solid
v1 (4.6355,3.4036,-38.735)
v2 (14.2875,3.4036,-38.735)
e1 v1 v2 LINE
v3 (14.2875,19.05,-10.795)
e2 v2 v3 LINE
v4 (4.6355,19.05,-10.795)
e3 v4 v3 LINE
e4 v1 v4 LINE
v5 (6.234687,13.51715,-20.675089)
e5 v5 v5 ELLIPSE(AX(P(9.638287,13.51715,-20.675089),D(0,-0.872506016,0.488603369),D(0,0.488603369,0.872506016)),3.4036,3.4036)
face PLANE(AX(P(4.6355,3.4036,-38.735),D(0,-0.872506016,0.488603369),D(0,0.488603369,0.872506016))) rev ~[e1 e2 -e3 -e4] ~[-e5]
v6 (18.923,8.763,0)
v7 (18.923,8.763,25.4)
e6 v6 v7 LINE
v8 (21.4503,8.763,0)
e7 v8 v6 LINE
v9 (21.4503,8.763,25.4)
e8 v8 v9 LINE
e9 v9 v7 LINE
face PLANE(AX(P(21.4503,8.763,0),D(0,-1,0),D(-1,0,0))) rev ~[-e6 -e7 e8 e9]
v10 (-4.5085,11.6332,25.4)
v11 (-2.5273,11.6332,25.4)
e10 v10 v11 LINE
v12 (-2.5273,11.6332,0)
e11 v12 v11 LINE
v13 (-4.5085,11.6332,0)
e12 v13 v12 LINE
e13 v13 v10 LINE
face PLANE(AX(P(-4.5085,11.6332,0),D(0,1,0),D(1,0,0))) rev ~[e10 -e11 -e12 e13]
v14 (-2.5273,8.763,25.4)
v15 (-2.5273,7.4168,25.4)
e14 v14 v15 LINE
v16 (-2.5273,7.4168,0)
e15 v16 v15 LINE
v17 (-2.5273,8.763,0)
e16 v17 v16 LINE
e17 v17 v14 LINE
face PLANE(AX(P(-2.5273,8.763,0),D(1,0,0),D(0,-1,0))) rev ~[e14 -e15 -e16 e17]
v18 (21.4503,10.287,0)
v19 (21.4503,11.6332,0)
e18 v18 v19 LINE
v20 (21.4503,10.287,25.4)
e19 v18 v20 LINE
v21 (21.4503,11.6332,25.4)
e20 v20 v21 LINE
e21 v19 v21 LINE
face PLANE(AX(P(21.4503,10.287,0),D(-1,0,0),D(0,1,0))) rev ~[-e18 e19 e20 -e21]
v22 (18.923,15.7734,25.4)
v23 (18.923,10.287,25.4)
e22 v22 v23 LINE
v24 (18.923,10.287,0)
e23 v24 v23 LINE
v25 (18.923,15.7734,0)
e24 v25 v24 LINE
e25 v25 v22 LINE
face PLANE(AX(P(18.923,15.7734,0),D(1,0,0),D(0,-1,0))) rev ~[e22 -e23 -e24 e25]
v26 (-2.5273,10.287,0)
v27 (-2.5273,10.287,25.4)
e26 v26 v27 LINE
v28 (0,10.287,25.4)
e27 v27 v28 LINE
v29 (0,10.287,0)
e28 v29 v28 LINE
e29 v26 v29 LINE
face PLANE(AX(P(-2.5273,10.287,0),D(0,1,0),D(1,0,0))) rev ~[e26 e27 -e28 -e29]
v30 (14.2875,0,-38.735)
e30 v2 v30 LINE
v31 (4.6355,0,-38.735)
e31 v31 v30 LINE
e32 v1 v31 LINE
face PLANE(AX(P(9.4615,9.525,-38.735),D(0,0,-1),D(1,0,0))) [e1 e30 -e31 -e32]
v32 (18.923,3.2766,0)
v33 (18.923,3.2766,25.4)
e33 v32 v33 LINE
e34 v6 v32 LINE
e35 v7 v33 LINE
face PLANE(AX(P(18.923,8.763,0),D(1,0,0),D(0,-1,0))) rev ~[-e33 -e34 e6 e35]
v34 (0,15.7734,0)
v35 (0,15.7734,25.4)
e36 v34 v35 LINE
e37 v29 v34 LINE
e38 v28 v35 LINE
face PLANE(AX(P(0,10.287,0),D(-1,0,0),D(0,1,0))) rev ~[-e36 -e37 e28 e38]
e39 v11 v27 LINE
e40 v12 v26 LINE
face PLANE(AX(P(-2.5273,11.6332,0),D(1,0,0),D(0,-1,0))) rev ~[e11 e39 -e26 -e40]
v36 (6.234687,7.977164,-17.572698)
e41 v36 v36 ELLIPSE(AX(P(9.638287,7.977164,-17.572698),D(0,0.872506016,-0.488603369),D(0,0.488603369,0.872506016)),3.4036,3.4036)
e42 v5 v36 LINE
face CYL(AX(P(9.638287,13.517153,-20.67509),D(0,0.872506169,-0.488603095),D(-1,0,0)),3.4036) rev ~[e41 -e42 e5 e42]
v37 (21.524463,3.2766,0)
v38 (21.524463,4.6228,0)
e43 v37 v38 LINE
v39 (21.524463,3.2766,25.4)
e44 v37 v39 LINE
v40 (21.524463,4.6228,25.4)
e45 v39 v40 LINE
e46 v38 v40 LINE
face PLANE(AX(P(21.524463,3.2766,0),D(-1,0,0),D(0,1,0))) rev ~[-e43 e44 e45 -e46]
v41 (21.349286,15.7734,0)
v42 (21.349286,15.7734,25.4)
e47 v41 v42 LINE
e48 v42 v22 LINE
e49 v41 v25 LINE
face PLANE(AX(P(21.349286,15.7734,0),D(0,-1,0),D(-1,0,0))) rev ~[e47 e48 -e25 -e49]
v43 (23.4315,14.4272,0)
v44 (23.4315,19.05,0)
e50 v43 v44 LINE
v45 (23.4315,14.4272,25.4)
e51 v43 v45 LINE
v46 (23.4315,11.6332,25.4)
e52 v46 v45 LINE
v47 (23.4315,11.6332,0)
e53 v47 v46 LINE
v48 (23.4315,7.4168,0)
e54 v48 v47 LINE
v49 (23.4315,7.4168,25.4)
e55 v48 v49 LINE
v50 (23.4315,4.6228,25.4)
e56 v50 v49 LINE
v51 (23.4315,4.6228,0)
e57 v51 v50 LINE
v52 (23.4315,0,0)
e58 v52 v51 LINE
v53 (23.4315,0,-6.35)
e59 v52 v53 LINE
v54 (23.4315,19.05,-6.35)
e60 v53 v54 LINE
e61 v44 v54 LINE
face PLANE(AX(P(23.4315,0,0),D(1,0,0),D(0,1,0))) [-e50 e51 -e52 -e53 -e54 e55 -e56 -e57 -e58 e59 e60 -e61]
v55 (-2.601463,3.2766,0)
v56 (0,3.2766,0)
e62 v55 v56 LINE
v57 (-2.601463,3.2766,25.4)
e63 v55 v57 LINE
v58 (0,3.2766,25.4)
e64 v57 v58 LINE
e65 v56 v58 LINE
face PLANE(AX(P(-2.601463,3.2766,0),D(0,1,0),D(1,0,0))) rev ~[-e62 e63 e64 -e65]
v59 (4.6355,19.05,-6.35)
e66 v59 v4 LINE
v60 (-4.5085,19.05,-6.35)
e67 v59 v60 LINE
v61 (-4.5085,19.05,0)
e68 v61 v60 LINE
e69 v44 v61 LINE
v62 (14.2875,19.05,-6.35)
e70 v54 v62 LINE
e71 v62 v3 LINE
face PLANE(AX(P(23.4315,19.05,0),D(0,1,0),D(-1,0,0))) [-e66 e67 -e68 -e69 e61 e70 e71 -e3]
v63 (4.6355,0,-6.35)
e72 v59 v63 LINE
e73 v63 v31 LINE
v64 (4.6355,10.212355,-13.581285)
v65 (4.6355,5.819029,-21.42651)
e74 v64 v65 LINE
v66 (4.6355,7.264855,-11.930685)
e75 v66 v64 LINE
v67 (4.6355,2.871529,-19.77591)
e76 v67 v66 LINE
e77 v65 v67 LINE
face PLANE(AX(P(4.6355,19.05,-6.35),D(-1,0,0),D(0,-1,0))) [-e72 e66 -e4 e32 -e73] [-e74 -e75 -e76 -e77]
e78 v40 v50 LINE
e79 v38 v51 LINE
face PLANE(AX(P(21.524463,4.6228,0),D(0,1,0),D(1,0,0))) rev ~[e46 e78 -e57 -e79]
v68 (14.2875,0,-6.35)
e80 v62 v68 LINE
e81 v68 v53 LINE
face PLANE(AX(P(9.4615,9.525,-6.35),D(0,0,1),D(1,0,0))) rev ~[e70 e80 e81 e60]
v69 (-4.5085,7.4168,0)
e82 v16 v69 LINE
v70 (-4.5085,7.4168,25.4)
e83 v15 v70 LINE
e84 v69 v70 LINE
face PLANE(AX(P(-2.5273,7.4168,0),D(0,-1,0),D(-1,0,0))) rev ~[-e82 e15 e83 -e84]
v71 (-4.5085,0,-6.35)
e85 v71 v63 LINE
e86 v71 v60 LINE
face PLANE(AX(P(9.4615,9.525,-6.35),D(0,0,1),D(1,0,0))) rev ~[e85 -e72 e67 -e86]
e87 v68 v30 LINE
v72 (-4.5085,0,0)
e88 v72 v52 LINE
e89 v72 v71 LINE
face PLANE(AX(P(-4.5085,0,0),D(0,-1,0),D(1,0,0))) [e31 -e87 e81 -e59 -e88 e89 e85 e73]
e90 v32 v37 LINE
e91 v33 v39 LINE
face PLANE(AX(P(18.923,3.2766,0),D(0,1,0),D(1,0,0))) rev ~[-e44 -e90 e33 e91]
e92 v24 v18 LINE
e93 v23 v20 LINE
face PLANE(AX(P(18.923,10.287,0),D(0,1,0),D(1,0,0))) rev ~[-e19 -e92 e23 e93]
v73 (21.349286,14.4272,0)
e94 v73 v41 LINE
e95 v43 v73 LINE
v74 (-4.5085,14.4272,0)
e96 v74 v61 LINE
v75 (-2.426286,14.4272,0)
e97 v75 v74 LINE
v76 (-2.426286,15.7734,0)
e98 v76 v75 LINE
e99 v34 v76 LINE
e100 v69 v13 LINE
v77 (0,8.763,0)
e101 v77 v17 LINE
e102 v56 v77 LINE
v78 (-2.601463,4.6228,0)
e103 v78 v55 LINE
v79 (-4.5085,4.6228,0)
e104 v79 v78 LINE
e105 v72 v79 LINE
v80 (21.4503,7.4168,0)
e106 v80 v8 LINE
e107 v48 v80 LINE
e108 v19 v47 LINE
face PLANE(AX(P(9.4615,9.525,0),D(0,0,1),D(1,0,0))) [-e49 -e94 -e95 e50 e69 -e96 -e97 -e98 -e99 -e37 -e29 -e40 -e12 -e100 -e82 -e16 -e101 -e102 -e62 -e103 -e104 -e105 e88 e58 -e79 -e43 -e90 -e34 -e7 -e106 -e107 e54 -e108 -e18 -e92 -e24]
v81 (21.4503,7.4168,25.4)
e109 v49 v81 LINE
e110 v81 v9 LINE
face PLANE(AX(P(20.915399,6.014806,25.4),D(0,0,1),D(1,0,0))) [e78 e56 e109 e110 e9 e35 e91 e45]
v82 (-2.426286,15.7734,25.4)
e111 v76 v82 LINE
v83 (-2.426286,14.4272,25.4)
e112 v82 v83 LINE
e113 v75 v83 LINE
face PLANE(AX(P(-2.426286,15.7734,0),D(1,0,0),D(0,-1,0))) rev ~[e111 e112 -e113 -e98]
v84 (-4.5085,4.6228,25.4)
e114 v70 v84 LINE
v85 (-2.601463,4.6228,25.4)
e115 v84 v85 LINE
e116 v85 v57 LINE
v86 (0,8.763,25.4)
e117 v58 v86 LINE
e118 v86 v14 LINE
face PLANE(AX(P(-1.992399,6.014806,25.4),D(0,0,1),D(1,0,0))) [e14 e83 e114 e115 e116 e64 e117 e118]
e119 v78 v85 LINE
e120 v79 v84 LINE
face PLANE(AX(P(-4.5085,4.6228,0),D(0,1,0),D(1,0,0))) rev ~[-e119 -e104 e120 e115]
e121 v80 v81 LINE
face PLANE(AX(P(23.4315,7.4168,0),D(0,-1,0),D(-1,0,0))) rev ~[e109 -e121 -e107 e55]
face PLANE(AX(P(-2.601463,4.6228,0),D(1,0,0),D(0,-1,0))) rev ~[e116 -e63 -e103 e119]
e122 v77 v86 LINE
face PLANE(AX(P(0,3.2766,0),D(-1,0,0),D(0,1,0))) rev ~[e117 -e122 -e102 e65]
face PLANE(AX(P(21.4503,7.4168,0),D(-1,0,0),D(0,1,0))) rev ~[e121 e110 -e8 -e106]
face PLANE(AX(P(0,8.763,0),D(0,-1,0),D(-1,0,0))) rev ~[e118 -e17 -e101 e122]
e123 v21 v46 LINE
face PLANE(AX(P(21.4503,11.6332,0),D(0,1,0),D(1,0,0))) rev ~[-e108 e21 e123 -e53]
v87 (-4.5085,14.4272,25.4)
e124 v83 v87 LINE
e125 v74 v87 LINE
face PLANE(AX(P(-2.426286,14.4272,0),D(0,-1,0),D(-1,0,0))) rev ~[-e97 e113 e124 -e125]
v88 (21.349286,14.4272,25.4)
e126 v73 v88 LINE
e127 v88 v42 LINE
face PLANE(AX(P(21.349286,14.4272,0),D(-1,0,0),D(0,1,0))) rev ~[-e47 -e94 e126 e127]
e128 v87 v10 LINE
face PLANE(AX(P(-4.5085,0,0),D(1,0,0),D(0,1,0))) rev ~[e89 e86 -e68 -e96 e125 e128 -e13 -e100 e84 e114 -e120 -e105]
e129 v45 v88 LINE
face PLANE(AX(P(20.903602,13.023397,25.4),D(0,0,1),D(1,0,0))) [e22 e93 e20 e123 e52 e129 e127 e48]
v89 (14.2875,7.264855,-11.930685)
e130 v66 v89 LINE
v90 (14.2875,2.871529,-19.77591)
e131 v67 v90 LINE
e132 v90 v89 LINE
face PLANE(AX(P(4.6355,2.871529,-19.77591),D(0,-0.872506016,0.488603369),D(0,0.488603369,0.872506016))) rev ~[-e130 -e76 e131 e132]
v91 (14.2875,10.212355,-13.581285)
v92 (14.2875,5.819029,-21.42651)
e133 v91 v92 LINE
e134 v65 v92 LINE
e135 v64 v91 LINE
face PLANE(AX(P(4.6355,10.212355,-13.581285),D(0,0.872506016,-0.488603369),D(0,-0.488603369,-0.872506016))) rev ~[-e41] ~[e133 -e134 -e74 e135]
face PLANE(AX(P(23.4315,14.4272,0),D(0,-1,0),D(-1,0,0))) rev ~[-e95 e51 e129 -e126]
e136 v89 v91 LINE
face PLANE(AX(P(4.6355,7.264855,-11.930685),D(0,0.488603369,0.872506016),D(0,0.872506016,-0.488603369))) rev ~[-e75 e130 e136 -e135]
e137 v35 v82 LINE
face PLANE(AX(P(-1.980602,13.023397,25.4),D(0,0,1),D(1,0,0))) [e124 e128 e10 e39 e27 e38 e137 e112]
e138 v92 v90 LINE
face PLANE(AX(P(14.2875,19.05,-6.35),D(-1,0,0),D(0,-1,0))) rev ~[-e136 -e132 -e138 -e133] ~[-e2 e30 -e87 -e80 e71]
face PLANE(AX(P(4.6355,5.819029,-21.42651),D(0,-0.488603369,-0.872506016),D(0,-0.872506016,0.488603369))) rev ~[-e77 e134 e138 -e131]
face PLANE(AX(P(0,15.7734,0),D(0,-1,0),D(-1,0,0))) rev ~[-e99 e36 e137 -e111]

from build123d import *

# Parameters (mm, degrees)
F0_W      = 18.923
F0_H      = 19.05
F0_W_2    = 4.5085
F1_DEPTH  = 6.35
F3_DEPTH  = 25.4
F4_W      = 9.652
F4_H      = 19.05
F5_DEPTH  = 32.385
F7_DEPTH  = 25.4
F8_R      = 3.4036
F9_DEPTH  = 6.35
F11_DEPTH = 25.4


with BuildPart() as f1:
    # F0 (on Top) → F1 (new body)
    with BuildSketch(Plane.XY):
        with Locations((9.4615, 9.525)):
            Rectangle(F0_W, F0_H)
        with Locations((-2.25425, 9.525)):
            Rectangle(F0_W_2, F0_H)
        with Locations((21.17725, 9.525)):
            Rectangle(F0_W_2, F0_H)
    extrude(amount=-F1_DEPTH)

    # F2 (on face) → F3 (join)
    with BuildSketch(Plane.XY):
        Polygon((-2.5273, 10.287), (0, 10.287), (0, 15.7734), (-2.426286, 15.7734), (-2.426286, 14.4272), (-4.5085, 14.4272), (-4.5085, 11.6332), (-2.5273, 11.6332), align=None)
        Polygon((21.4503, 7.4168), (21.4503, 8.763), (18.923, 8.763), (18.923, 3.2766), (21.524463, 3.2766), (21.524463, 4.6228), (23.4315, 4.6228), (23.4315, 7.4168), align=None)
        Polygon((18.923, 15.7734), (18.923, 10.287), (21.4503, 10.287), (21.4503, 11.6332), (23.4315, 11.6332), (23.4315, 14.4272), (21.349286, 14.4272), (21.349286, 15.7734), align=None)
        Polygon((0, 3.2766), (0, 8.763), (-2.5273, 8.763), (-2.5273, 7.4168), (-4.5085, 7.4168), (-4.5085, 4.6228), (-2.601463, 4.6228), (-2.601463, 3.2766), align=None)
    extrude(amount=F3_DEPTH)

    # F4 (on face) → F5 (join)
    with BuildSketch(Plane(origin=(0, 0, -6.35), x_dir=(1, 0, 0), z_dir=(0, 0, -1))):
        with Locations((9.4615, -9.525)):
            Rectangle(F4_W, F4_H)
    extrude(amount=F5_DEPTH)

    # F6 (on face) → F7 (cut)
    with BuildSketch(Plane(origin=(4.6355, 0, 0), x_dir=(0, -1, 0), z_dir=(-1, 0, 0))):
        Polygon((-19.05, -38.735), (-3.4036, -38.735), (-19.05, -10.795), align=None)
    extrude(amount=-F7_DEPTH, mode=Mode.SUBTRACT)

    # F8 (on face) → F9 (cut)
    with BuildSketch(Plane(origin=(0, 19.104141, -10.698319), x_dir=(-1, 0, 0), z_dir=(0, 0.872506, -0.488603))):
        with Locations((-9.638287, -11.434614)):
            Circle(F8_R)
    extrude(amount=-F9_DEPTH, mode=Mode.SUBTRACT)

    # F10 (on face) → F11 (cut)
    with BuildSketch(Plane(origin=(4.6355, 0, 0), x_dir=(0, -1, 0), z_dir=(-1, 0, 0))):
        Polygon((-7.264855, -11.930685), (-10.212355, -13.581285), (-5.819029, -21.42651), (-2.871529, -19.77591), align=None)
    extrude(amount=-F11_DEPTH, mode=Mode.SUBTRACT)


solid = f1.part
